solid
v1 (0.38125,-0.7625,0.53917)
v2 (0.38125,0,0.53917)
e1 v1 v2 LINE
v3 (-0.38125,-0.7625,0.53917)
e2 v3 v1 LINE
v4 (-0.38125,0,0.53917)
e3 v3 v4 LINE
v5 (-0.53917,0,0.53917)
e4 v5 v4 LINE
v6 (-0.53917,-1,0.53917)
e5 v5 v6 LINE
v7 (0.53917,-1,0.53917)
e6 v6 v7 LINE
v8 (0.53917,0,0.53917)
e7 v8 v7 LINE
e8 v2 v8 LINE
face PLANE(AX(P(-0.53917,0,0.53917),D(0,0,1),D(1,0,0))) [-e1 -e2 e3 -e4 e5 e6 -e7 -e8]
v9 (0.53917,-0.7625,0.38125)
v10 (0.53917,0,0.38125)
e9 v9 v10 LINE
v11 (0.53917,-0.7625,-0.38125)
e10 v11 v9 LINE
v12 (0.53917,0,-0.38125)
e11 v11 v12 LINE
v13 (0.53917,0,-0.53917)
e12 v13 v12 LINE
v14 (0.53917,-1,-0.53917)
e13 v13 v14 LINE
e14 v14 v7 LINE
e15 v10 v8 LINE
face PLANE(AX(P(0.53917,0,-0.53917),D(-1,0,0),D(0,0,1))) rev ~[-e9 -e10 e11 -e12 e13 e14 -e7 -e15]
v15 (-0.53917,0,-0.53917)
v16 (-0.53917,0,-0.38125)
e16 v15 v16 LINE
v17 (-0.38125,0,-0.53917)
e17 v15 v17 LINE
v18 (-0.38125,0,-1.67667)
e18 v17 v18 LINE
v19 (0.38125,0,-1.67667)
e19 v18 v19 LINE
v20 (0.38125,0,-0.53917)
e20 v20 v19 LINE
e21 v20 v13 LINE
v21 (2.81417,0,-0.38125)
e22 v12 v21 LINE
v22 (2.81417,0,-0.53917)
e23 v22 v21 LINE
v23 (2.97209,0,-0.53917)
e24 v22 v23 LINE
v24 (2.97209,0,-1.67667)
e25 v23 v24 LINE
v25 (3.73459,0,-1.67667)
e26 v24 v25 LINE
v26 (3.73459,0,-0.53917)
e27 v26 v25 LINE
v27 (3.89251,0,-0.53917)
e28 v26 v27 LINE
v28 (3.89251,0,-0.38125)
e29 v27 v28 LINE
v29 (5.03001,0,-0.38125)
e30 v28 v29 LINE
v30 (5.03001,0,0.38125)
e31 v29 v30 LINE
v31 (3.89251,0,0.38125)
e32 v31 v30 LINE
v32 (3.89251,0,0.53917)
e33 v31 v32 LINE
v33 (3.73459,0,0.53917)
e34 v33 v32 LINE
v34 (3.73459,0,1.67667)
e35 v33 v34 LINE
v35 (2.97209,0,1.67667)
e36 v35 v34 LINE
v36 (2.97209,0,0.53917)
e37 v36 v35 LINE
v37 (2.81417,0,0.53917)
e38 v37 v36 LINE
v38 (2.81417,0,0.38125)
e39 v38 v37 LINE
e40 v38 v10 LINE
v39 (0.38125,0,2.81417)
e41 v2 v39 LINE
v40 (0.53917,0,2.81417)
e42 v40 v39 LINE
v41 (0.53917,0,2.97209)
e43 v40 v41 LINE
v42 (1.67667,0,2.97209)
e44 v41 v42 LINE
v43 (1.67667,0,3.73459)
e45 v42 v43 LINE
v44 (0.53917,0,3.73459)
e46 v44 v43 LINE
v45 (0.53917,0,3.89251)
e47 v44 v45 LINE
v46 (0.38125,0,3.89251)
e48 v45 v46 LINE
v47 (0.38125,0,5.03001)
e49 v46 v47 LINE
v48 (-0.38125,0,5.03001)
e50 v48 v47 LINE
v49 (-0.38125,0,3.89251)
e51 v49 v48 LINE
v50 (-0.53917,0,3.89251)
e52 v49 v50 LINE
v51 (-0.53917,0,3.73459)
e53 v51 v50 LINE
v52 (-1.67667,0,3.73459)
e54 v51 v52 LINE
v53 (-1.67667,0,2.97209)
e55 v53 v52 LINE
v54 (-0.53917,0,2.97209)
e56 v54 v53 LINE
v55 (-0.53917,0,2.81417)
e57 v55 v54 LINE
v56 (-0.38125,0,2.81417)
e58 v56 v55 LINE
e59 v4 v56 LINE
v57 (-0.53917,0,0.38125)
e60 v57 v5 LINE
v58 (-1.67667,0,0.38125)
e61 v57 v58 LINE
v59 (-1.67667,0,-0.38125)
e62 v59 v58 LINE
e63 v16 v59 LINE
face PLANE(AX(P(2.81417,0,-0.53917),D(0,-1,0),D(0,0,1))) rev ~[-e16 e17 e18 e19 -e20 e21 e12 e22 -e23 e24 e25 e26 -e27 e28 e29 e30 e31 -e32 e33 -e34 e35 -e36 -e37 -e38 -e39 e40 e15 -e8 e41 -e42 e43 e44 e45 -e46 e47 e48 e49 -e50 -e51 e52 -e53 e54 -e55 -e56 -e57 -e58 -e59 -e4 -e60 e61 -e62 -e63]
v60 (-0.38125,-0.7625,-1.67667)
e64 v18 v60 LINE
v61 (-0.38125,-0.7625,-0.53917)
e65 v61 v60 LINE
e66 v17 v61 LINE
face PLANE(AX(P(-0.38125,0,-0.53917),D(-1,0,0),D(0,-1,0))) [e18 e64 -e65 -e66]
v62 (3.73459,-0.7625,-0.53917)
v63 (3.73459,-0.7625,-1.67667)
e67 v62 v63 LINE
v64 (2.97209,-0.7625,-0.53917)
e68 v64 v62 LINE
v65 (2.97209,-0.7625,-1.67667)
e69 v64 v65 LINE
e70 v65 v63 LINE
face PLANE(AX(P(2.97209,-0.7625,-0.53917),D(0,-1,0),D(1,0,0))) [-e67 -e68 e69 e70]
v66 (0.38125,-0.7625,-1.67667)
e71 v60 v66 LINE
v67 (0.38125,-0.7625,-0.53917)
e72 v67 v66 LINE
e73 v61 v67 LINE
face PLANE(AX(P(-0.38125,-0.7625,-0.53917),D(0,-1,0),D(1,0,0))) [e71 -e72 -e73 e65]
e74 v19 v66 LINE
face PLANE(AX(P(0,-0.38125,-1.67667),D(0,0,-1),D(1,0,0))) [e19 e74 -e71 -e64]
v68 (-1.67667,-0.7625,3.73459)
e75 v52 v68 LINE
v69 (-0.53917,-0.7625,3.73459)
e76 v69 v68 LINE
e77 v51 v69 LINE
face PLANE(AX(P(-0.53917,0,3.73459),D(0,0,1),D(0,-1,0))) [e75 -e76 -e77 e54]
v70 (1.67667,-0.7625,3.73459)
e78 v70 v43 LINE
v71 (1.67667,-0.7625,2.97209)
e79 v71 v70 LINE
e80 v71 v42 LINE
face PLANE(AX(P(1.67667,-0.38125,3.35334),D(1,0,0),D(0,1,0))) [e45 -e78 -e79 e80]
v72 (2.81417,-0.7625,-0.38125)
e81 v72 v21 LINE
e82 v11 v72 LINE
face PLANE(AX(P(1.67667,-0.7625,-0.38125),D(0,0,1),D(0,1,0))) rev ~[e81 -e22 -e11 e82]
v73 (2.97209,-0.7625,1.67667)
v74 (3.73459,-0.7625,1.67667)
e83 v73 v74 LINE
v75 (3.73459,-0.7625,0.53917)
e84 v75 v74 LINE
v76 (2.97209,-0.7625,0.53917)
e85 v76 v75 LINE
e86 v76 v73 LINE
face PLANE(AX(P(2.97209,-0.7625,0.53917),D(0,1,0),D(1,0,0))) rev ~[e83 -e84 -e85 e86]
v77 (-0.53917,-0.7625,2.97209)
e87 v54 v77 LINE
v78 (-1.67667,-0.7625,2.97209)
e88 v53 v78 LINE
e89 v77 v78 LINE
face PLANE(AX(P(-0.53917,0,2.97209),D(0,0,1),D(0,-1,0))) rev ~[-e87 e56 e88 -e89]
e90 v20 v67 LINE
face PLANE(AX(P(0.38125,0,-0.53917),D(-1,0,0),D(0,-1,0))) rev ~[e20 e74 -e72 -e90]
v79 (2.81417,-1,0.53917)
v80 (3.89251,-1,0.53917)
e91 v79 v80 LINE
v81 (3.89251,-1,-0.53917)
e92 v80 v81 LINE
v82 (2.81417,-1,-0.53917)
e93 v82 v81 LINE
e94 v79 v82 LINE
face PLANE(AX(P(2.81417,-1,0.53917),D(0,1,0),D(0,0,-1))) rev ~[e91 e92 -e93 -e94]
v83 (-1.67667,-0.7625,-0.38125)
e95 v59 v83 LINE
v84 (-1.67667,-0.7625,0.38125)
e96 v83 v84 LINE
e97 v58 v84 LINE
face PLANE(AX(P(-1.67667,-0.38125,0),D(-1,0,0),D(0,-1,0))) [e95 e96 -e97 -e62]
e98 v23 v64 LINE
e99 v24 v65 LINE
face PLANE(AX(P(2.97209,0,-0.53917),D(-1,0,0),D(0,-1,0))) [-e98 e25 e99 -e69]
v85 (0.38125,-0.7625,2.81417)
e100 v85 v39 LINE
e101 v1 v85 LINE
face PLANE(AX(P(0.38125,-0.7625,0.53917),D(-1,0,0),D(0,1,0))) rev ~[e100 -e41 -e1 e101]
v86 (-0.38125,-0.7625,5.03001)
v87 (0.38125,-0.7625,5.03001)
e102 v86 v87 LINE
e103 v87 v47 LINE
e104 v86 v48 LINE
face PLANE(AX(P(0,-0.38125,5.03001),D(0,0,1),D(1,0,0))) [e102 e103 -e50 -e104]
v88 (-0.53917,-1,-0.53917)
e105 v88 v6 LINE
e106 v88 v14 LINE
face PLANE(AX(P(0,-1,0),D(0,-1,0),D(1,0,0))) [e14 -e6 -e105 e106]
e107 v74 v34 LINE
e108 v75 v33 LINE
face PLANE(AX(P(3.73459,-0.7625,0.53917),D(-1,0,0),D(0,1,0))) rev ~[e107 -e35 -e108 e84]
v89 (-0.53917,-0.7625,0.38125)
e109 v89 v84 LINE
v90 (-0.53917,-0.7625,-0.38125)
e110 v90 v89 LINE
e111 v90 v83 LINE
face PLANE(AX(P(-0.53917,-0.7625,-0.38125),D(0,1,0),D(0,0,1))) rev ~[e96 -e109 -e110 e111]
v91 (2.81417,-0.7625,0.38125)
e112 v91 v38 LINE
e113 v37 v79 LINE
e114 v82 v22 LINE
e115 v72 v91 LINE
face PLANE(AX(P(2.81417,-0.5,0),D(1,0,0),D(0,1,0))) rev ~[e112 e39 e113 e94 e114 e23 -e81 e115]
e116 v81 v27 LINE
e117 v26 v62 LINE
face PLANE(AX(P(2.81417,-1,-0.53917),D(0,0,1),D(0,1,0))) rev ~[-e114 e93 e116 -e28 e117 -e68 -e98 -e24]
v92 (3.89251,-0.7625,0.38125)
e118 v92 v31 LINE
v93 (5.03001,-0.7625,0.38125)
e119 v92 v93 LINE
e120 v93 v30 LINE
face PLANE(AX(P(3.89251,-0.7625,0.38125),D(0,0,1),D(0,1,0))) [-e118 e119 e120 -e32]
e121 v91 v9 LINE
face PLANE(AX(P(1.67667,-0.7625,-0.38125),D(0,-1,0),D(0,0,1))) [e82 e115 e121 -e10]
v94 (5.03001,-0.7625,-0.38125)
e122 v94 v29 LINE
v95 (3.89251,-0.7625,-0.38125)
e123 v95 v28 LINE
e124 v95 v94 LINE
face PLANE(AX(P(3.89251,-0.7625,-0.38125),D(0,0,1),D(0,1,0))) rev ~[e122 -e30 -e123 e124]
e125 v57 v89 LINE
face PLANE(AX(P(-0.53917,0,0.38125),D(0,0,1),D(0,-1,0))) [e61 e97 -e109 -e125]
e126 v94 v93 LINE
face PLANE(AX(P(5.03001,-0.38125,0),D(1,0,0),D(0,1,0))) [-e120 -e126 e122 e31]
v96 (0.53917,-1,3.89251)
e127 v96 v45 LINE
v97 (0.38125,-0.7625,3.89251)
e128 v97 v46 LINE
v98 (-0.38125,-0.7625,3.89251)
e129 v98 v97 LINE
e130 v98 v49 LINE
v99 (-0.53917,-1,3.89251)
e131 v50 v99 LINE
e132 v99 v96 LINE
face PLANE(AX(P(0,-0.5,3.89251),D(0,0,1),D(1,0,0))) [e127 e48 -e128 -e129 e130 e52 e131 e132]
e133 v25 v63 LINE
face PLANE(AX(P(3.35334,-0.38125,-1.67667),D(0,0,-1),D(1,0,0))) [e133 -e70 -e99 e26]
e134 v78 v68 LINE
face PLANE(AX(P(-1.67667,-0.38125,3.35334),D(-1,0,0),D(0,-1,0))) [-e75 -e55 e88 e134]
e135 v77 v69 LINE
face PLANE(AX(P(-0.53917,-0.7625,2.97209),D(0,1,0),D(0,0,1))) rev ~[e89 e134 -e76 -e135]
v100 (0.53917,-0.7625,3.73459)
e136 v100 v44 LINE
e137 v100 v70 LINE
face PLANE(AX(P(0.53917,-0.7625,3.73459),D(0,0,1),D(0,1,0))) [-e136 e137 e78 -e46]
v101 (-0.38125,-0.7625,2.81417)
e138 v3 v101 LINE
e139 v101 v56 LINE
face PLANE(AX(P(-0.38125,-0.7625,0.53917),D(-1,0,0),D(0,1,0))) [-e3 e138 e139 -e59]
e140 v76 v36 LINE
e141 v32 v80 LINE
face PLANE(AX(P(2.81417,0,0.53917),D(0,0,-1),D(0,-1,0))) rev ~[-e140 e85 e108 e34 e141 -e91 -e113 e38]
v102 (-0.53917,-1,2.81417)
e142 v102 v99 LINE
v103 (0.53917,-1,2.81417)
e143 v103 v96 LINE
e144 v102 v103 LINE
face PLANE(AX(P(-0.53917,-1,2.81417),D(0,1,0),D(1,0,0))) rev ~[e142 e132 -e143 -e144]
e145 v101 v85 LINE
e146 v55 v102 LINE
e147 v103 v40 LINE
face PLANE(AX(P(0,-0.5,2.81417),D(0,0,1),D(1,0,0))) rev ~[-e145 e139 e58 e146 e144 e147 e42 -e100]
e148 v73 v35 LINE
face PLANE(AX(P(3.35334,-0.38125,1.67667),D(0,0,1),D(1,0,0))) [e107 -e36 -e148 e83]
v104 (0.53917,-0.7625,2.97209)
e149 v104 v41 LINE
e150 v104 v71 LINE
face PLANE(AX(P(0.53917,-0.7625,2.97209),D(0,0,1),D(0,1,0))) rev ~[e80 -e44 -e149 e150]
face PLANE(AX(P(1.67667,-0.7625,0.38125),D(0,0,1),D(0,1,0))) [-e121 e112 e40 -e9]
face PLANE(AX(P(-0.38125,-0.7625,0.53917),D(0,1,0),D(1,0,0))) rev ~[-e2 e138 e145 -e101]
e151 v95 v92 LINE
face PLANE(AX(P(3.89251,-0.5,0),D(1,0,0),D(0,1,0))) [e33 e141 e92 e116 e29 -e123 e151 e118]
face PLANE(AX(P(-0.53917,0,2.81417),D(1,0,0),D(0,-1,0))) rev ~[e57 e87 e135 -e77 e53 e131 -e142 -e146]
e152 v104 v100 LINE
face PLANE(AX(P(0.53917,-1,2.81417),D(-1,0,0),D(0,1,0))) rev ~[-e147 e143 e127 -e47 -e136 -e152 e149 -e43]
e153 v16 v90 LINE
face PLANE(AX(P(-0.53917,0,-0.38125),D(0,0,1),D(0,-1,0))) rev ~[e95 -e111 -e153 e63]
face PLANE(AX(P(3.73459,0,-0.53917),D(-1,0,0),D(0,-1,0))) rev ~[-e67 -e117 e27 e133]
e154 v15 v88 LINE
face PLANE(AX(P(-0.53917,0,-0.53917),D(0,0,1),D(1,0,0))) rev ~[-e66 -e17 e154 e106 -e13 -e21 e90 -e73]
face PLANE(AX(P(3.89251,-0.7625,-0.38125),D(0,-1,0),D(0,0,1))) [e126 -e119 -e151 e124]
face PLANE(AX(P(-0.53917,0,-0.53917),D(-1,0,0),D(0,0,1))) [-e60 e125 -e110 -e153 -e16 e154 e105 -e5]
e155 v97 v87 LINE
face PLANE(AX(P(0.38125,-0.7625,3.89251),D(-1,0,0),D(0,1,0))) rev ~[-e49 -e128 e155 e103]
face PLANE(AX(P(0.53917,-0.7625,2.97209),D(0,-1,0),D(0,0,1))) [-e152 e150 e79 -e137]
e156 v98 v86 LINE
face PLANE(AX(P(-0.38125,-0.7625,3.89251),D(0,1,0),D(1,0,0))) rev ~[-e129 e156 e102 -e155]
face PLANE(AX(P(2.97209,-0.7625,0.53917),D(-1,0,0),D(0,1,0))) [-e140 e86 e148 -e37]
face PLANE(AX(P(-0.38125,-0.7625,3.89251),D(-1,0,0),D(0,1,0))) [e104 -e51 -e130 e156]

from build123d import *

# Parameters (mm, degrees)
F0_W      = 1.07834
F0_H      = 1.07834
F1_DEPTH  = 1
F2_W      = 0.7625
F2_H      = 0.7625
F3_DEPTH  = 1.1375
F4_W      = 0.7625
F4_H      = 0.7625
F5_DEPTH  = 1.1375
F6_W      = 0.7625
F6_H      = 0.7625
F7_DEPTH  = 1.1375
F8_W      = 0.7625
F8_H      = 0.7625
F9_DEPTH  = 2.275
F11_DEPTH = 1.07834
F12_W     = 0.7625
F12_H     = 0.7625
F13_DEPTH = 1.1375
F14_W     = 0.7625
F14_H     = 0.7625
F15_DEPTH = 1.1375
F16_W     = 0.7625
F16_H     = 0.7625
F17_DEPTH = 1.1375
F18_W     = 0.7625
F18_H     = 0.7625
F19_DEPTH = 1.1375
F21_DEPTH = 1.07834
F22_W     = 0.7625
F22_H     = 0.7625
F23_DEPTH = 1.1375
F24_W     = 0.7625
F24_H     = 0.7625
F25_DEPTH = 1.1375
F26_W     = 0.7625
F26_H     = 0.7625
F27_DEPTH = 1.1375


with BuildPart() as f1:
    # F0 (on Front) → F1 (new body)
    with BuildSketch(Plane.XZ):
        Rectangle(F0_W, F0_H)
    extrude(amount=F1_DEPTH)

    # F2 (on face) → F3 (join)
    with BuildSketch(Plane(origin=(0, 0, -0.53917), x_dir=(1, 0, 0), z_dir=(0, 0, -1))):
        with Locations((0, 0.38125)):
            Rectangle(F2_W, F2_H)
    extrude(amount=F3_DEPTH)

    # F4 (on face) → F5 (join)
    with BuildSketch(Plane(origin=(-0.53917, 0, 0), x_dir=(0, -1, 0), z_dir=(-1, 0, 0))):
        with Locations((0.38125, 0)):
            Rectangle(F4_W, F4_H)
    extrude(amount=F5_DEPTH)

    # F6 (on face) → F7 (join)
    with BuildSketch(Plane.YZ.offset(0.53917)):
        with Locations((-0.38125, 0)):
            Rectangle(F6_W, F6_H)
    extrude(amount=F7_DEPTH)

    # F8 (on face) → F9 (join)
    with BuildSketch(Plane.XY.offset(0.53917)):
        with Locations((0, -0.38125)):
            Rectangle(F8_W, F8_H)
    extrude(amount=F9_DEPTH)

    # F10 (on face) → F11 (join)
    with BuildSketch(Plane.XY.offset(2.81417)):
        Polygon((0.53917, 0), (0.38125, 0), (-0.53917, 0), (-0.53917, -1), (0.53917, -1), align=None)
    extrude(amount=F11_DEPTH)

    # F12 (on face) → F13 (join)
    with BuildSketch(Plane.YZ.offset(0.53917)):
        with Locations((-0.38125, 3.35334)):
            Rectangle(F12_W, F12_H)
    extrude(amount=F13_DEPTH)

    # F14 (on face) → F15 (join)
    with BuildSketch(Plane.XY.offset(3.89251)):
        with Locations((0, -0.38125)):
            Rectangle(F14_W, F14_H)
    extrude(amount=F15_DEPTH)

    # F16 (on face) → F17 (join)
    with BuildSketch(Plane(origin=(-0.53917, 0, 0), x_dir=(0, -1, 0), z_dir=(-1, 0, 0))):
        with Locations((0.38125, 3.35334)):
            Rectangle(F16_W, F16_H)
    extrude(amount=F17_DEPTH)

    # F18 (on face) → F19 (join)
    with BuildSketch(Plane.YZ.offset(1.67667)):
        with Locations((-0.38125, 0)):
            Rectangle(F18_W, F18_H)
    extrude(amount=F19_DEPTH)

    # F20 (on face) → F21 (join)
    with BuildSketch(Plane.YZ.offset(2.81417)):
        Polygon((0, -0.53917), (0, -0.38125), (0, 0.53917), (-1, 0.53917), (-1, -0.53917), align=None)
    extrude(amount=F21_DEPTH)

    # F22 (on face) → F23 (join)
    with BuildSketch(Plane(origin=(0, 0, -0.53917), x_dir=(1, 0, 0), z_dir=(0, 0, -1))):
        with Locations((3.35334, 0.38125)):
            Rectangle(F22_W, F22_H)
    extrude(amount=F23_DEPTH)

    # F24 (on face) → F25 (join)
    with BuildSketch(Plane.YZ.offset(3.89251)):
        with Locations((-0.38125, 0)):
            Rectangle(F24_W, F24_H)
    extrude(amount=F25_DEPTH)

    # F26 (on face) → F27 (join)
    with BuildSketch(Plane.XY.offset(0.53917)):
        with Locations((3.35334, -0.38125)):
            Rectangle(F26_W, F26_H)
    extrude(amount=F27_DEPTH)


solid = f1.part
